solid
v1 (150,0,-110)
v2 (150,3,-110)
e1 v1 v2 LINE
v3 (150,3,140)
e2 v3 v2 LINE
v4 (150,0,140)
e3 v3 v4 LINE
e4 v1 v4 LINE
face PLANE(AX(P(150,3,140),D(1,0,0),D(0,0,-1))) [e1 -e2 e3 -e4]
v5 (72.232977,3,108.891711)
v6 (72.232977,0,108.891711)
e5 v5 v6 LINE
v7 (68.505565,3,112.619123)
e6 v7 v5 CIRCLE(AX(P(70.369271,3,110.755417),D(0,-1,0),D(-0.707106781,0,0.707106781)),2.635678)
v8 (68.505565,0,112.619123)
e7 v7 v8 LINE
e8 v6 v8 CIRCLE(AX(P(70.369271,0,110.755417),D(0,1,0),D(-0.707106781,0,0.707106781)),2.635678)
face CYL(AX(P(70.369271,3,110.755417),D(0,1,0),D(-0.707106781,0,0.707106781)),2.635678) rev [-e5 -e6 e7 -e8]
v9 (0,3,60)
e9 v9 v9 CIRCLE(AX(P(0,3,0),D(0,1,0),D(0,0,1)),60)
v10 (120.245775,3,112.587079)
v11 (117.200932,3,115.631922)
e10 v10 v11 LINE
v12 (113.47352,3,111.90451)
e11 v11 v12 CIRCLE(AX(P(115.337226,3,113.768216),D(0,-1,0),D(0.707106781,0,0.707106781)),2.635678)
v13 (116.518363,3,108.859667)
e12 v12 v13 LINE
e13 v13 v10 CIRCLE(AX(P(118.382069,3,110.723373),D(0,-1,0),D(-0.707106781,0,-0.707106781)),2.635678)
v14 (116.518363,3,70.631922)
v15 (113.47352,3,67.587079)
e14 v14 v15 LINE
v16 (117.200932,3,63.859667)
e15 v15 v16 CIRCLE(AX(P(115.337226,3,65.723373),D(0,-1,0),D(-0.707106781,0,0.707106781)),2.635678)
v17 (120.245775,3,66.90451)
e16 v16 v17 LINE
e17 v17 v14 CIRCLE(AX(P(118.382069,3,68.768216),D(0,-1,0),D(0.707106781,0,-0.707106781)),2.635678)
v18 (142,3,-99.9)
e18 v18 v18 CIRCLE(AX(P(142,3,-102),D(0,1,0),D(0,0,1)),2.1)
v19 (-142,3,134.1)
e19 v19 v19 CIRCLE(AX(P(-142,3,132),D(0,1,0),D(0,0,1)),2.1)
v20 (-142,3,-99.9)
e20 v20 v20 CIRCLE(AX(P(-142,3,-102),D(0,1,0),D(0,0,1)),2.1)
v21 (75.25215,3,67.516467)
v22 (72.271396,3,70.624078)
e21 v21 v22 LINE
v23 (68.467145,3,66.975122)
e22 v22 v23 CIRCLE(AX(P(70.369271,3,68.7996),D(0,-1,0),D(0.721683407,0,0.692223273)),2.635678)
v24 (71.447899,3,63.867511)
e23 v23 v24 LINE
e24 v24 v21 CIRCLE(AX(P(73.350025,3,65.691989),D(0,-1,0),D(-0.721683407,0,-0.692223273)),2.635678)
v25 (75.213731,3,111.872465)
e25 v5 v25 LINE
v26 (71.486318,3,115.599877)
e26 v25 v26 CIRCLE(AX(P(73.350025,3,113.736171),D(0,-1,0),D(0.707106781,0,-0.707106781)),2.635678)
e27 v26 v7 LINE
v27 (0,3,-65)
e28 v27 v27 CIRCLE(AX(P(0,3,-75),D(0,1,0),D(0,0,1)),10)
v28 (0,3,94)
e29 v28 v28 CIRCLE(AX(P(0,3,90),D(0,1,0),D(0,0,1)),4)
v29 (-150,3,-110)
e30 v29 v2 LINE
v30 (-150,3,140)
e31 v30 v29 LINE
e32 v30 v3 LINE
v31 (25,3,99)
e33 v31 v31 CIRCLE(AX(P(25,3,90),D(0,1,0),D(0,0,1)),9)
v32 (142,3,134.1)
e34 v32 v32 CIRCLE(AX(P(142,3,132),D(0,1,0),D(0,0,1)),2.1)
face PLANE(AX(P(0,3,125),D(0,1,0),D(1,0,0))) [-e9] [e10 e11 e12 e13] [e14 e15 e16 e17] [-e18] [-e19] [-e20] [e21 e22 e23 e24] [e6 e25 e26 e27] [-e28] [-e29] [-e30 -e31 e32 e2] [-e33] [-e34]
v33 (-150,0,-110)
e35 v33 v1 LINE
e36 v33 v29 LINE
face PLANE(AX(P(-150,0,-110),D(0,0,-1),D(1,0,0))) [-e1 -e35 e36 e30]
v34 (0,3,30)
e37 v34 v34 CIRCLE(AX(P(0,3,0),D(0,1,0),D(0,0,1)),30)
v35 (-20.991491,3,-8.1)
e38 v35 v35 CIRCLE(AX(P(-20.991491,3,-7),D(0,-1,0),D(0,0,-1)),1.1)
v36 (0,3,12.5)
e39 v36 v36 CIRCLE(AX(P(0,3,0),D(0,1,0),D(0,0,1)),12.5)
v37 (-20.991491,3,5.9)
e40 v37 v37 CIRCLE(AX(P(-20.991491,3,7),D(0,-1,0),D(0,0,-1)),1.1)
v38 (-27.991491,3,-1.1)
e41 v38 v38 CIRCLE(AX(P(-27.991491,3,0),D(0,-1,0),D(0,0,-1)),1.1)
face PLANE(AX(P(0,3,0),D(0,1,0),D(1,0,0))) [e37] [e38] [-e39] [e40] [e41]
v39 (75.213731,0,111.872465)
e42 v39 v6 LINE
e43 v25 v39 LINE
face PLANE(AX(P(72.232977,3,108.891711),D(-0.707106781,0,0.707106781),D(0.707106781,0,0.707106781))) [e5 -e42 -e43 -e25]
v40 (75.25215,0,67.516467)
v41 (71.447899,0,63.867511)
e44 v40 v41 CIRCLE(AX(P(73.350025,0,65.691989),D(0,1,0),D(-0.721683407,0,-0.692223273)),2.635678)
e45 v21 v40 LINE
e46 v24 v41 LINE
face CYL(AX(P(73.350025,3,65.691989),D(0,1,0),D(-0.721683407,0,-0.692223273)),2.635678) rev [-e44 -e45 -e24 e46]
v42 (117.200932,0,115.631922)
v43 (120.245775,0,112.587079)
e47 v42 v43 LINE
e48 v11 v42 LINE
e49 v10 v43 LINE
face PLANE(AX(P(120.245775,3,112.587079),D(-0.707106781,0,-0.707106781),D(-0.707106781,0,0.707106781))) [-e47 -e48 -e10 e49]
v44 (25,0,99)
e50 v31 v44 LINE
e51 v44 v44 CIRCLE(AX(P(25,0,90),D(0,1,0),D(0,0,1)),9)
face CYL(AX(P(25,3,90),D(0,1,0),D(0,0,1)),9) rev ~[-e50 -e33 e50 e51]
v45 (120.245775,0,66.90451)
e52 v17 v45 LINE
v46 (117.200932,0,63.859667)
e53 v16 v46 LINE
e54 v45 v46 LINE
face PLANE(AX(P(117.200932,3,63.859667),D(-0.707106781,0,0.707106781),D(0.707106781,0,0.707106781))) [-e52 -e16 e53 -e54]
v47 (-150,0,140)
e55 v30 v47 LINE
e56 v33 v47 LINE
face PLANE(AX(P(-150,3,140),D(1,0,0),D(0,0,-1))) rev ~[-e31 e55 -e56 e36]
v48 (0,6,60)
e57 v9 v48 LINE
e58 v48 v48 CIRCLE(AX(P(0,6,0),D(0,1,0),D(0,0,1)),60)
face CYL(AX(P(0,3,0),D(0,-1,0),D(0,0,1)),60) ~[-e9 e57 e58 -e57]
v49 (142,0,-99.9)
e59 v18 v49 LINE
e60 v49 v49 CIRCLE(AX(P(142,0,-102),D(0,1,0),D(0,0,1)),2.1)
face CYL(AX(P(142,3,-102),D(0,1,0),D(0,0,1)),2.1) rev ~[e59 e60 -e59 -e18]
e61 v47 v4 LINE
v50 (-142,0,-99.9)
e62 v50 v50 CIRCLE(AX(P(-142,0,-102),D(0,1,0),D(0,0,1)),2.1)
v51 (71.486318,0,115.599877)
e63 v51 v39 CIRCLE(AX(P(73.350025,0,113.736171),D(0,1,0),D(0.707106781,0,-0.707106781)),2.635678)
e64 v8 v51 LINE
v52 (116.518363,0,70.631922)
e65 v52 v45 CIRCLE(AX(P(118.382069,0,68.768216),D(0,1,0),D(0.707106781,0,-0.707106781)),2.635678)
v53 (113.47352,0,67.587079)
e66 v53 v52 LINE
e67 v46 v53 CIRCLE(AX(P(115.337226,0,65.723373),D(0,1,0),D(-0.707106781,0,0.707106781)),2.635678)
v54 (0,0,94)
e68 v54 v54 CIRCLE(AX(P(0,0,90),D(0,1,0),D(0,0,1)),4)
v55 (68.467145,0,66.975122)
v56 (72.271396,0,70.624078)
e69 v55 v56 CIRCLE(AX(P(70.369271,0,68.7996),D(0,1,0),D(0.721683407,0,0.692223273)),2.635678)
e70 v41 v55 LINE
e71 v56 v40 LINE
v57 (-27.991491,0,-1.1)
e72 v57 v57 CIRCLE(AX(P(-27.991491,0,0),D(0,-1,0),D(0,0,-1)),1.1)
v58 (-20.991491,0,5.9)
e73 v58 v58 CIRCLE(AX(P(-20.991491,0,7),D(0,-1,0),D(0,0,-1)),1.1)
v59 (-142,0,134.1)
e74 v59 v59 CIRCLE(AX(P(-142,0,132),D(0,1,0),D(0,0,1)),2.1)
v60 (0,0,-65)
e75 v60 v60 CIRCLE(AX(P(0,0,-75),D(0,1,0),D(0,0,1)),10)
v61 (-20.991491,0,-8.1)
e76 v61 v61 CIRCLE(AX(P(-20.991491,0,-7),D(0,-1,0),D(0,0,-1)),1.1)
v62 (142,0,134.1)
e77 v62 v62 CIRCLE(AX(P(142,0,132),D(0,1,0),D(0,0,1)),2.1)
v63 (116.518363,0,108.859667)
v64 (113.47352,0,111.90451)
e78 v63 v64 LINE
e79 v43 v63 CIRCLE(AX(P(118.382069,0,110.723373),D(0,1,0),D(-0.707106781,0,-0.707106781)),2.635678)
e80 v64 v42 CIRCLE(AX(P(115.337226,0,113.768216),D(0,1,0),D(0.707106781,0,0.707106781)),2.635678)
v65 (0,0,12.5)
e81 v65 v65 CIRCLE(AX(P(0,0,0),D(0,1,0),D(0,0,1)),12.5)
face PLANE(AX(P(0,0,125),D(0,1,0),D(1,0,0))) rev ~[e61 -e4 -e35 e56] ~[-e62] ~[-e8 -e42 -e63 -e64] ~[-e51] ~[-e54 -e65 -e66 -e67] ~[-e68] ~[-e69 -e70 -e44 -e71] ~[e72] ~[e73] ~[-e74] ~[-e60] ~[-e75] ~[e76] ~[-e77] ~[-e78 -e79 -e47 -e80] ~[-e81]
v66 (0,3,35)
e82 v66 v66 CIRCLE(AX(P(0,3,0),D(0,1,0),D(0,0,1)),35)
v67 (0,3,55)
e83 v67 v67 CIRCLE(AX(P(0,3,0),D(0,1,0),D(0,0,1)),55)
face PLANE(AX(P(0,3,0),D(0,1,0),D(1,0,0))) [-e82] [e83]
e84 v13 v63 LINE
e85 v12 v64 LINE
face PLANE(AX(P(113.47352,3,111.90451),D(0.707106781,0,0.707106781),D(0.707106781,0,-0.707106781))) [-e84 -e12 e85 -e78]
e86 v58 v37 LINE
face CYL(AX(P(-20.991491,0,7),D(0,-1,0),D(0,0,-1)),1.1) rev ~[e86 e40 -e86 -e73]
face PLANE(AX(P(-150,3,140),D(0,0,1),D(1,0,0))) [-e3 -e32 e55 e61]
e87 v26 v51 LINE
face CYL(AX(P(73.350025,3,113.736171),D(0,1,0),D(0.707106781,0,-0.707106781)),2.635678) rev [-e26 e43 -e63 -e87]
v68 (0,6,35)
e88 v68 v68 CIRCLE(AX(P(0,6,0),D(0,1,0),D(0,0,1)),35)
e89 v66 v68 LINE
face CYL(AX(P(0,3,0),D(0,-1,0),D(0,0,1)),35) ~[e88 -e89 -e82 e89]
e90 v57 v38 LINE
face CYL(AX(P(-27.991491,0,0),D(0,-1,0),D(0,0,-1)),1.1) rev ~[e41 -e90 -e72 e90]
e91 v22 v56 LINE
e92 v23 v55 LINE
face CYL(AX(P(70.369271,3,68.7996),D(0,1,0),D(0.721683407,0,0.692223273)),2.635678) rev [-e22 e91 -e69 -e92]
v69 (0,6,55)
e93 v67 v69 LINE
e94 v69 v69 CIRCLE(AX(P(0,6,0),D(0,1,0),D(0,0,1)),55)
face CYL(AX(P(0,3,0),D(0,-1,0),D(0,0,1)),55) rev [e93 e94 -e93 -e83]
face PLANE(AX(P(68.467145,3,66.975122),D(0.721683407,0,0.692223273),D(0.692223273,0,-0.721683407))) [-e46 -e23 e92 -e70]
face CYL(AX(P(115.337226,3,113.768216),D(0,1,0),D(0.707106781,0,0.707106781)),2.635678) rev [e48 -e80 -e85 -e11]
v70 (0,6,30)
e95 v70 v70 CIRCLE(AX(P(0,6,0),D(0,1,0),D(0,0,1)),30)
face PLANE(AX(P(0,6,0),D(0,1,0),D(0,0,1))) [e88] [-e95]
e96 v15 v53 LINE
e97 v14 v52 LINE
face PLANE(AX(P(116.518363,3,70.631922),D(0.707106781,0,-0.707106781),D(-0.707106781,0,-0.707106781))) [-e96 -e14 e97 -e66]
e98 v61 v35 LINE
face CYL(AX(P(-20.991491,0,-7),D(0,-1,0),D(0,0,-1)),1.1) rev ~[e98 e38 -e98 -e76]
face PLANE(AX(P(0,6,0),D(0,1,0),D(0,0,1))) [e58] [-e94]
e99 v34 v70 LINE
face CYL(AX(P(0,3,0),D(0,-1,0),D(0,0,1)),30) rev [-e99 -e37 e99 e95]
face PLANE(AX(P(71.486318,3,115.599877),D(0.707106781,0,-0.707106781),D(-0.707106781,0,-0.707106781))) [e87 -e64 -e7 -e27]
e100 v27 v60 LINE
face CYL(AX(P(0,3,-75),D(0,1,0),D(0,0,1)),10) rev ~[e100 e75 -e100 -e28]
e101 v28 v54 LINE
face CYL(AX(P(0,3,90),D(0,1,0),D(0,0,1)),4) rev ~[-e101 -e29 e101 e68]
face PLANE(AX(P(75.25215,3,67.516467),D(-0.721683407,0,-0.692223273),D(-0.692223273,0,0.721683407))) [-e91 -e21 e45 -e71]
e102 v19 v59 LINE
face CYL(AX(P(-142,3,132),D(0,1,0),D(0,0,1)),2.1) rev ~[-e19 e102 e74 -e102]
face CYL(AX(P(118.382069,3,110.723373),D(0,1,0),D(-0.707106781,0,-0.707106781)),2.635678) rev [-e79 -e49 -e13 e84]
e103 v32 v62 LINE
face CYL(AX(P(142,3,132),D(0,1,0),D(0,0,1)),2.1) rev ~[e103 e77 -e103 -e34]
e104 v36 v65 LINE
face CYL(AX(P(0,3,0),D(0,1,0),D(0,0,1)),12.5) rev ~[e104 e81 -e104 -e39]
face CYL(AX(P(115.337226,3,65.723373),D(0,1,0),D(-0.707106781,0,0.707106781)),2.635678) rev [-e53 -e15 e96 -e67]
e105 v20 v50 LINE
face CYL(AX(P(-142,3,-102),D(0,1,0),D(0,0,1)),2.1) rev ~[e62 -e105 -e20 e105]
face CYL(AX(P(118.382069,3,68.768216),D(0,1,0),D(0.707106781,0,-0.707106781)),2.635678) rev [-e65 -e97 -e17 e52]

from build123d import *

# Parameters (mm, degrees)
SKETCH1_W           = 300
SKETCH1_H           = 220
BOSS_EXTRUDE1_DEPTH = 3
SKETCH2_R           = 12.5
CUT_EXTRUDE1_DEPTH  = 3
SKETCH3_R           = 60
SKETCH3_R_2         = 55
SKETCH3_R_3         = 35
SKETCH3_R_4         = 30
BOSS_EXTRUDE2_DEPTH = 3
CUT_EXTRUDE2_REACH  = 188.107
SKETCH4_R           = 1.1
CUT_EXTRUDE3_REACH  = 188.035
SKETCH5_R           = 10
SKETCH6_W           = 300
SKETCH6_H           = 30
BOSS_EXTRUDE3_DEPTH = 3
CUT_EXTRUDE4_REACH  = 207.205
SKETCH7_R           = 2.1
CUT_EXTRUDE5_REACH  = 207.205
CUT_EXTRUDE6_REACH  = 207.205
SKETCH10_R          = 4
SKETCH10_R_2        = 9


with BuildPart() as part:
    # Sketch1 → Boss-Extrude1 (new body)
    with BuildSketch(Plane(origin=(0, 0, 0), x_dir=(1, 0, 0), z_dir=(0, 1, 0))):
        Rectangle(SKETCH1_W, SKETCH1_H)
    extrude(amount=BOSS_EXTRUDE1_DEPTH)

    # Sketch2 → Cut-Extrude1 (cut)
    with BuildSketch(Plane(origin=(0, 3, 0), x_dir=(1, 0, 0), z_dir=(0, 1, 0))):
        with Locations(Location((0, 0, 0), (0, 0, 270))):
            Circle(SKETCH2_R)
    extrude(amount=-CUT_EXTRUDE1_DEPTH, mode=Mode.SUBTRACT)

    # Sketch3 → Boss-Extrude2 (add)
    # profile 1 of 2: a face of its own
    with BuildSketch(Plane(origin=(0, 3, 0), x_dir=(1, 0, 0), z_dir=(0, 1, 0))):
        with Locations(Location((0, 0, 0), (0, 0, 270))):
            Circle(SKETCH3_R)
        with Locations(Location((0, 0, 0), (0, 0, 270))):
            Circle(SKETCH3_R_2, mode=Mode.SUBTRACT)
    # profile 2 of 2: a face of its own
    with BuildSketch(Plane(origin=(0, 3, 0), x_dir=(1, 0, 0), z_dir=(0, 1, 0))):
        with Locations(Location((0, 0, 0), (0, 0, 270))):
            Circle(SKETCH3_R_3)
        with Locations(Location((0, 0, 0), (0, 0, 270))):
            Circle(SKETCH3_R_4, mode=Mode.SUBTRACT)
    extrude(amount=BOSS_EXTRUDE2_DEPTH)

    # Sketch4 → Cut-Extrude2 (cut, up to next)
    with BuildSketch(Plane.XZ, mode=Mode.PRIVATE) as cut_extrude2_sk1:
        with Locations(Location((-20.991491193, 7, 0), (0, 0, 270))):
            Circle(SKETCH4_R)
    cut_extrude2_tool1 = extrude(cut_extrude2_sk1.sketch, amount=-CUT_EXTRUDE2_REACH, mode=Mode.PRIVATE) & part.part
    # Sketch4 → Cut-Extrude2 (cut, up to next)
    with BuildSketch(Plane.XZ, mode=Mode.PRIVATE) as cut_extrude2_sk2:
        with Locations(Location((-27.991491193, 0, 0), (0, 0, 270))):
            Circle(SKETCH4_R)
    cut_extrude2_tool2 = extrude(cut_extrude2_sk2.sketch, amount=-CUT_EXTRUDE2_REACH, mode=Mode.PRIVATE) & part.part
    # Sketch4 → Cut-Extrude2 (cut, up to next)
    with BuildSketch(Plane.XZ, mode=Mode.PRIVATE) as cut_extrude2_sk3:
        with Locations(Location((-20.991491193, -7, 0), (0, 0, 270))):
            Circle(SKETCH4_R)
    cut_extrude2_tool3 = extrude(cut_extrude2_sk3.sketch, amount=-CUT_EXTRUDE2_REACH, mode=Mode.PRIVATE) & part.part
    add(cut_extrude2_tool1.solids().sort_by_distance((-20.991491, 0, 7))[0], mode=Mode.SUBTRACT)
    add(cut_extrude2_tool2.solids().sort_by_distance((-27.991491, 0, 0))[0], mode=Mode.SUBTRACT)
    add(cut_extrude2_tool3.solids().sort_by_distance((-20.991491, 0, -7))[0], mode=Mode.SUBTRACT)

    # Sketch5 → Cut-Extrude3 (cut, up to next)
    with BuildSketch(Plane(origin=(0, 3, 0), x_dir=(1, 0, 0), z_dir=(0, 1, 0)), mode=Mode.PRIVATE) as cut_extrude3_sk1:
        with Locations(Location((0, 75, 0), (0, 0, 270))):
            Circle(SKETCH5_R)
    cut_extrude3_tool1 = extrude(cut_extrude3_sk1.sketch, amount=-CUT_EXTRUDE3_REACH, mode=Mode.PRIVATE) & part.part
    add(cut_extrude3_tool1.solids().sort_by_distance((0, 3, -75))[0], mode=Mode.SUBTRACT)

    # Sketch6 → Boss-Extrude3 (add)
    with BuildSketch(Plane(origin=(0, 3, 0), x_dir=(1, 0, 0), z_dir=(0, 1, 0))):
        with Locations((0, -125)):
            Rectangle(SKETCH6_W, SKETCH6_H)
    extrude(amount=-BOSS_EXTRUDE3_DEPTH)

    # Sketch7 → Cut-Extrude4 (cut, up to next)
    with BuildSketch(Plane(origin=(0, 3, 0), x_dir=(1, 0, 0), z_dir=(0, 1, 0)), mode=Mode.PRIVATE) as cut_extrude4_sk1:
        with Locations(Location((-142, 102, 0), (0, 0, 270))):
            Circle(SKETCH7_R)
    cut_extrude4_tool1 = extrude(cut_extrude4_sk1.sketch, amount=-CUT_EXTRUDE4_REACH, mode=Mode.PRIVATE) & part.part
    # Sketch7 → Cut-Extrude4 (cut, up to next)
    with BuildSketch(Plane(origin=(0, 3, 0), x_dir=(1, 0, 0), z_dir=(0, 1, 0)), mode=Mode.PRIVATE) as cut_extrude4_sk2:
        with Locations(Location((142, 102, 0), (0, 0, 270))):
            Circle(SKETCH7_R)
    cut_extrude4_tool2 = extrude(cut_extrude4_sk2.sketch, amount=-CUT_EXTRUDE4_REACH, mode=Mode.PRIVATE) & part.part
    # Sketch7 → Cut-Extrude4 (cut, up to next)
    with BuildSketch(Plane(origin=(0, 3, 0), x_dir=(1, 0, 0), z_dir=(0, 1, 0)), mode=Mode.PRIVATE) as cut_extrude4_sk3:
        with Locations(Location((142, -132, 0), (0, 0, 270))):
            Circle(SKETCH7_R)
    cut_extrude4_tool3 = extrude(cut_extrude4_sk3.sketch, amount=-CUT_EXTRUDE4_REACH, mode=Mode.PRIVATE) & part.part
    # Sketch7 → Cut-Extrude4 (cut, up to next)
    with BuildSketch(Plane(origin=(0, 3, 0), x_dir=(1, 0, 0), z_dir=(0, 1, 0)), mode=Mode.PRIVATE) as cut_extrude4_sk4:
        with Locations(Location((-142, -132, 0), (0, 0, 270))):
            Circle(SKETCH7_R)
    cut_extrude4_tool4 = extrude(cut_extrude4_sk4.sketch, amount=-CUT_EXTRUDE4_REACH, mode=Mode.PRIVATE) & part.part
    add(cut_extrude4_tool1.solids().sort_by_distance((-142, 3, -102))[0], mode=Mode.SUBTRACT)
    add(cut_extrude4_tool2.solids().sort_by_distance((142, 3, -102))[0], mode=Mode.SUBTRACT)
    add(cut_extrude4_tool3.solids().sort_by_distance((142, 3, 132))[0], mode=Mode.SUBTRACT)
    add(cut_extrude4_tool4.solids().sort_by_distance((-142, 3, 132))[0], mode=Mode.SUBTRACT)

    # Sketch9 → Cut-Extrude5 (cut, up to next)
    with BuildSketch(Plane(origin=(0, 3, 0), x_dir=(1, 0, 0), z_dir=(0, 1, 0)), mode=Mode.PRIVATE) as cut_extrude5_sk1:
        with BuildLine():
            Line((75.252149951, -67.516466644), (72.271396026, -70.624077628))
            ThreePointArc((72.271396026, -70.624077628), (68.544792703, -70.701725066), (68.467145265, -66.975121742))
            Line((68.467145265, -66.975121742), (71.44789919, -63.867510758))
            ThreePointArc((71.44789919, -63.867510758), (75.174502513, -63.78986332), (75.252149951, -67.516466644))
        make_face()
    cut_extrude5_tool1 = extrude(cut_extrude5_sk1.sketch, amount=-CUT_EXTRUDE5_REACH, mode=Mode.PRIVATE) & part.part
    # Sketch9 → Cut-Extrude5 (cut, up to next)
    with BuildSketch(Plane(origin=(0, 3, 0), x_dir=(1, 0, 0), z_dir=(0, 1, 0)), mode=Mode.PRIVATE) as cut_extrude5_sk2:
        with BuildLine():
            Line((72.232976728, -108.891711148), (75.213730653, -111.872465073))
            ThreePointArc((75.213730653, -111.872465073), (75.213730653, -115.599877238), (71.486318487, -115.599877238))
            Line((71.486318487, -115.599877238), (68.505564562, -112.619123313))
            ThreePointArc((68.505564562, -112.619123313), (68.505564562, -108.891711148), (72.232976728, -108.891711148))
        make_face()
    cut_extrude5_tool2 = extrude(cut_extrude5_sk2.sketch, amount=-CUT_EXTRUDE5_REACH, mode=Mode.PRIVATE) & part.part
    # Sketch9 → Cut-Extrude5 (cut, up to next)
    with BuildSketch(Plane(origin=(0, 3, 0), x_dir=(1, 0, 0), z_dir=(0, 1, 0)), mode=Mode.PRIVATE) as cut_extrude5_sk3:
        with BuildLine():
            Line((120.245775281, -112.587078686), (117.2009321, -115.631921866))
            ThreePointArc((117.2009321, -115.631921866), (113.473519935, -115.631921866), (113.473519935, -111.9045097))
            Line((113.473519935, -111.9045097), (116.518363115, -108.85966652))
            ThreePointArc((116.518363115, -108.85966652), (120.245775281, -108.85966652), (120.245775281, -112.587078686))
        make_face()
    cut_extrude5_tool3 = extrude(cut_extrude5_sk3.sketch, amount=-CUT_EXTRUDE5_REACH, mode=Mode.PRIVATE) & part.part
    # Sketch9 → Cut-Extrude5 (cut, up to next)
    with BuildSketch(Plane(origin=(0, 3, 0), x_dir=(1, 0, 0), z_dir=(0, 1, 0)), mode=Mode.PRIVATE) as cut_extrude5_sk4:
        with BuildLine():
            Line((117.2009321, -63.85966652), (120.245775281, -66.9045097))
            ThreePointArc((120.245775281, -66.9045097), (120.245775281, -70.631921866), (116.518363115, -70.631921866))
            Line((116.518363115, -70.631921866), (113.473519935, -67.587078686))
            ThreePointArc((113.473519935, -67.587078686), (113.473519935, -63.85966652), (117.2009321, -63.85966652))
        make_face()
    cut_extrude5_tool4 = extrude(cut_extrude5_sk4.sketch, amount=-CUT_EXTRUDE5_REACH, mode=Mode.PRIVATE) & part.part
    add(cut_extrude5_tool1.solids().sort_by_distance((71.859648, 3, 67.245794))[0], mode=Mode.SUBTRACT)
    add(cut_extrude5_tool2.solids().sort_by_distance((71.859648, 3, 112.245794))[0], mode=Mode.SUBTRACT)
    add(cut_extrude5_tool3.solids().sort_by_distance((116.859648, 3, 112.245794))[0], mode=Mode.SUBTRACT)
    add(cut_extrude5_tool4.solids().sort_by_distance((116.859648, 3, 67.245794))[0], mode=Mode.SUBTRACT)

    # Sketch10 → Cut-Extrude6 (cut, up to next)
    with BuildSketch(Plane(origin=(0, 3, 0), x_dir=(1, 0, 0), z_dir=(0, 1, 0)), mode=Mode.PRIVATE) as cut_extrude6_sk1:
        with Locations(Location((0, -90, 0), (0, 0, 270))):
            Circle(SKETCH10_R)
    cut_extrude6_tool1 = extrude(cut_extrude6_sk1.sketch, amount=-CUT_EXTRUDE6_REACH, mode=Mode.PRIVATE) & part.part
    # Sketch10 → Cut-Extrude6 (cut, up to next)
    with BuildSketch(Plane(origin=(0, 3, 0), x_dir=(1, 0, 0), z_dir=(0, 1, 0)), mode=Mode.PRIVATE) as cut_extrude6_sk2:
        with Locations(Location((25, -90, 0), (0, 0, 270))):
            Circle(SKETCH10_R_2)
    cut_extrude6_tool2 = extrude(cut_extrude6_sk2.sketch, amount=-CUT_EXTRUDE6_REACH, mode=Mode.PRIVATE) & part.part
    add(cut_extrude6_tool1.solids().sort_by_distance((0, 3, 90))[0], mode=Mode.SUBTRACT)
    add(cut_extrude6_tool2.solids().sort_by_distance((25, 3, 90))[0], mode=Mode.SUBTRACT)


solid = part.part
